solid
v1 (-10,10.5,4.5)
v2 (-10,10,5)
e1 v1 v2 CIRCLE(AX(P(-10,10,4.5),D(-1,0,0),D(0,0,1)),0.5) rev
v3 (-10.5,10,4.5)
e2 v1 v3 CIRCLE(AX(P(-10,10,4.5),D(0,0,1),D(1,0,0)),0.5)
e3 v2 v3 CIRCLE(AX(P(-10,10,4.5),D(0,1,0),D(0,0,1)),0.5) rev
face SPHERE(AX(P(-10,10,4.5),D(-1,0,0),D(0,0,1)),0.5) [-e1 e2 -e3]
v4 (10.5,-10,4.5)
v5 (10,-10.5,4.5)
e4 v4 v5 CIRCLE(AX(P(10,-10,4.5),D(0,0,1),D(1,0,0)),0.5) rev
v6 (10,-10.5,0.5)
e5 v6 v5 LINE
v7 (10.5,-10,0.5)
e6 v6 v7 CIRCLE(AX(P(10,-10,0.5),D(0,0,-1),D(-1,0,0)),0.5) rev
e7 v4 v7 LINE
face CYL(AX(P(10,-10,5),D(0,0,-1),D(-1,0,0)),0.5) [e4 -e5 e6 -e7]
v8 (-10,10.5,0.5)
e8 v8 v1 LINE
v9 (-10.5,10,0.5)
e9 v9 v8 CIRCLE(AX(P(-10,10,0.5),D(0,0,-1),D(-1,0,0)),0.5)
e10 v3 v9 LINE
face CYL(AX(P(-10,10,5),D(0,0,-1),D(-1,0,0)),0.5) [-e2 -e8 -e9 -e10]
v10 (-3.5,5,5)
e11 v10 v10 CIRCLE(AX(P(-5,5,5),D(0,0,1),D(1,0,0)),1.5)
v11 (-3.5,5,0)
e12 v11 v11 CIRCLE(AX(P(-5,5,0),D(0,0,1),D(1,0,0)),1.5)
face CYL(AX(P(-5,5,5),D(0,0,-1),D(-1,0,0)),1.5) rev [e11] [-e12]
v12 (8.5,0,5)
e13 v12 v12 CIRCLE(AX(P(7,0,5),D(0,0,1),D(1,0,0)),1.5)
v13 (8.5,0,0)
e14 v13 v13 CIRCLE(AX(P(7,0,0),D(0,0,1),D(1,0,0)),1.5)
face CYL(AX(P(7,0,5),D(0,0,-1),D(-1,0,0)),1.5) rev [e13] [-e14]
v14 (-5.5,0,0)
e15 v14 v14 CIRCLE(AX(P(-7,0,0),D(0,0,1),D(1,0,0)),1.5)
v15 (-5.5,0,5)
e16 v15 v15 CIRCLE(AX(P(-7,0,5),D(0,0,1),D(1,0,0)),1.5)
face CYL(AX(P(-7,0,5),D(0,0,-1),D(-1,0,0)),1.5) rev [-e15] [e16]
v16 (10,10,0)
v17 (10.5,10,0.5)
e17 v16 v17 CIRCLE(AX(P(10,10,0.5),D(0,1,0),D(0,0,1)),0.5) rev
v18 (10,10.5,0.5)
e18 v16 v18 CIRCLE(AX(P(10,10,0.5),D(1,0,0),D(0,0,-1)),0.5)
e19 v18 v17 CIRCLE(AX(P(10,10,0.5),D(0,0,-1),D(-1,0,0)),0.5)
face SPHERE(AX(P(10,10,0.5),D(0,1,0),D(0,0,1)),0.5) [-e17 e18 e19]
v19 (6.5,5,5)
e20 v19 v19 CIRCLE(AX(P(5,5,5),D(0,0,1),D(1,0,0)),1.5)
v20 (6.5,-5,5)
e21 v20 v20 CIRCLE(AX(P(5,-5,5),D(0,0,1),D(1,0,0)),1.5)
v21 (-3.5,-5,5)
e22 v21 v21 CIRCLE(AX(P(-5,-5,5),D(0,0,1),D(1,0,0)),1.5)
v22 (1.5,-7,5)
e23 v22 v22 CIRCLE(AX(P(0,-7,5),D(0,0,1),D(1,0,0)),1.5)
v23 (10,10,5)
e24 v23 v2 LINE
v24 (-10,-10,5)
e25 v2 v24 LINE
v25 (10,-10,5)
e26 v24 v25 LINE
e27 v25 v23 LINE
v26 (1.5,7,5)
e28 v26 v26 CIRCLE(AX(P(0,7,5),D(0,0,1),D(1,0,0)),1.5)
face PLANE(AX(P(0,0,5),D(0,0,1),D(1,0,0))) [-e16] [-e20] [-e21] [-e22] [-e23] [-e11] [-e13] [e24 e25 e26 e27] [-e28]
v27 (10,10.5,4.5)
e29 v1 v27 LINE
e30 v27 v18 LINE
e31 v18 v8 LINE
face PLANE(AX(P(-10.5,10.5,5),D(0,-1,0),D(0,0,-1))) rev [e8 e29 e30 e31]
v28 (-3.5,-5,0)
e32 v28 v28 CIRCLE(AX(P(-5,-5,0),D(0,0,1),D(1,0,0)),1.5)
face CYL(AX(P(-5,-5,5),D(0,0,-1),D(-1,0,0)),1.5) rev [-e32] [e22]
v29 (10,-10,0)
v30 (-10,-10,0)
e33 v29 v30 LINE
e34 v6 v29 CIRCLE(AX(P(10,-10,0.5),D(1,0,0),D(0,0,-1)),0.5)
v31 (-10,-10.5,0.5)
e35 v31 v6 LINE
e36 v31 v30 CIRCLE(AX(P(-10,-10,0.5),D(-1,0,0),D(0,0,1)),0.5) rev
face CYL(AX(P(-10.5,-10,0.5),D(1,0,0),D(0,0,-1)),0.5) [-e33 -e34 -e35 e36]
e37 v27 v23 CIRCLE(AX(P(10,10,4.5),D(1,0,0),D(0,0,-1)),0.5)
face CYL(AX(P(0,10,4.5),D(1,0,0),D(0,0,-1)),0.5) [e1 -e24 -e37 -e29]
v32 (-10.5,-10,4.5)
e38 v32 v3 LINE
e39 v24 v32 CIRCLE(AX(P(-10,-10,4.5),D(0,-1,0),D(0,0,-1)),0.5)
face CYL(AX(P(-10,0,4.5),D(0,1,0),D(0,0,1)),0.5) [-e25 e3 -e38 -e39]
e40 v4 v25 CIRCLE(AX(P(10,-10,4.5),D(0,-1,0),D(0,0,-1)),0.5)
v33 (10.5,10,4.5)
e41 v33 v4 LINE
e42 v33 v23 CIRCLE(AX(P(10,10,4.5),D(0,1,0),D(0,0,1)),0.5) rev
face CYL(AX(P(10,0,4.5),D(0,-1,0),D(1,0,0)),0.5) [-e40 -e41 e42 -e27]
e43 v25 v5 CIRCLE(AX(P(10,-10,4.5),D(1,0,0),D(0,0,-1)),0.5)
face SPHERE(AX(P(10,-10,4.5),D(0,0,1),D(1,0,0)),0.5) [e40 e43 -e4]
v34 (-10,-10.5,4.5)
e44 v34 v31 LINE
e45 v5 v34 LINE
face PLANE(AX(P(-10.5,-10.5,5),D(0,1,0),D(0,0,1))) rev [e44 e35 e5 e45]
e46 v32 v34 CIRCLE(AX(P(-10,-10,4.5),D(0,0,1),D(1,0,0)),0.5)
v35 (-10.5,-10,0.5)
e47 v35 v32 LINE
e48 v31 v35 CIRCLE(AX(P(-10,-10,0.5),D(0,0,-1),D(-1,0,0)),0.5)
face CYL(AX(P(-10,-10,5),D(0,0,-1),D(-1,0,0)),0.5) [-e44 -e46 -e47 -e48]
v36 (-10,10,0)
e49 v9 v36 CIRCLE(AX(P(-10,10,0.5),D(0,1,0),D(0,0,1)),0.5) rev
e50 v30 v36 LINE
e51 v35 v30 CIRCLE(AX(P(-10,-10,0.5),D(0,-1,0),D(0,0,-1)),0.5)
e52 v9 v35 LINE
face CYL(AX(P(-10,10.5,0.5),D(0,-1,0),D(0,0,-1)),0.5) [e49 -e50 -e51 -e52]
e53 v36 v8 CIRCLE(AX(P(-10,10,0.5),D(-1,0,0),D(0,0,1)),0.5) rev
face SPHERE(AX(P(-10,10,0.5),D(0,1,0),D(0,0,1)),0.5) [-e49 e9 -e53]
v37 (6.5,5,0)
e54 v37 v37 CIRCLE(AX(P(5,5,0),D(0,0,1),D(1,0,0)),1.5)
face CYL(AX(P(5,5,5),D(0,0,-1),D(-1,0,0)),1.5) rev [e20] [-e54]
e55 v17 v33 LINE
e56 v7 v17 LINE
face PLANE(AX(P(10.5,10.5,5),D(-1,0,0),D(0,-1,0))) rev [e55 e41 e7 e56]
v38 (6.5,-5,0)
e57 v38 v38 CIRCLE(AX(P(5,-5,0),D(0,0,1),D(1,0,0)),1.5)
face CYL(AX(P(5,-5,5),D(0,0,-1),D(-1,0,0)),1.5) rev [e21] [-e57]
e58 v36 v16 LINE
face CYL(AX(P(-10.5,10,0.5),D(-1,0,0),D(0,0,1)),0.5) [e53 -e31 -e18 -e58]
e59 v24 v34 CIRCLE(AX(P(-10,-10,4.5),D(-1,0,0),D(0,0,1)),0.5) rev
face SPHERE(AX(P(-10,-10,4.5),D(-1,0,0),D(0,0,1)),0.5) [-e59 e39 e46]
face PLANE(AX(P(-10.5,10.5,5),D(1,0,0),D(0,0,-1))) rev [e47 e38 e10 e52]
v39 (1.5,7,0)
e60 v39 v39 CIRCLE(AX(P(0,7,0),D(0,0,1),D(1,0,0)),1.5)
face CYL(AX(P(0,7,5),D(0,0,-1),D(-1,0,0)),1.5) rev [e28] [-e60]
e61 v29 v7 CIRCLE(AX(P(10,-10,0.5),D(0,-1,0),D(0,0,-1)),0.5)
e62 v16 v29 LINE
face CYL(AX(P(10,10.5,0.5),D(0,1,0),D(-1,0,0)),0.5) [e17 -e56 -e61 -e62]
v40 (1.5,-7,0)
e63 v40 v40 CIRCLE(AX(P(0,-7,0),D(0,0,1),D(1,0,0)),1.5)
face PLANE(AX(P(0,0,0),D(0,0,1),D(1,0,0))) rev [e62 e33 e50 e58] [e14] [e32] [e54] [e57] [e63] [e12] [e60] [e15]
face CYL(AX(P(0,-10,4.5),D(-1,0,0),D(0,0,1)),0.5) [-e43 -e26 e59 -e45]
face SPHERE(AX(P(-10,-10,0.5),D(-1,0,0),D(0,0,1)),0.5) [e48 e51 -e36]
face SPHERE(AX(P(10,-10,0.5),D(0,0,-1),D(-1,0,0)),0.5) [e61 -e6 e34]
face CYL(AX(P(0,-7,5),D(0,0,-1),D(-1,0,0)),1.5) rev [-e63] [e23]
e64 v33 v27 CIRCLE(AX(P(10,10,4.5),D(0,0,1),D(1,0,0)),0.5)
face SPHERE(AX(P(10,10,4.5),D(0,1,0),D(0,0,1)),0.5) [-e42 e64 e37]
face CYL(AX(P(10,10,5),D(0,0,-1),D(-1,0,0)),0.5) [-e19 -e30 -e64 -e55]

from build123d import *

# Parameters (mm, degrees)
SKETCH1_W           = 21
SKETCH1_H           = 21
SKETCH1_R           = 1.5
BOSS_EXTRUDE1_DEPTH = 5
FILLET1_R           = 0.5


with BuildPart() as part:
    # Sketch1 → Boss-Extrude1 (new body)
    with BuildSketch(Plane.XY):
        Rectangle(SKETCH1_W, SKETCH1_H)
        with Locations((-5.000000296, 5.000000296)):
            Circle(SKETCH1_R, mode=Mode.SUBTRACT)
        with Locations((4.999999704, 4.999999704)):
            Circle(SKETCH1_R, mode=Mode.SUBTRACT)
        with Locations((5.000000296, -5.000000296)):
            Circle(SKETCH1_R, mode=Mode.SUBTRACT)
        with Locations((-4.999999704, -4.999999704)):
            Circle(SKETCH1_R, mode=Mode.SUBTRACT)
        with Locations((0, 7)):
            Circle(SKETCH1_R, mode=Mode.SUBTRACT)
        with Locations((7, 0)):
            Circle(SKETCH1_R, mode=Mode.SUBTRACT)
        with Locations((-7, 0)):
            Circle(SKETCH1_R, mode=Mode.SUBTRACT)
        with Locations((0, -7)):
            Circle(SKETCH1_R, mode=Mode.SUBTRACT)
    extrude(amount=BOSS_EXTRUDE1_DEPTH)

    # Fillet1
    fillet1_edges = [part.edges().sort_by_distance(p)[0] for p in [
        (-10.5, 0, 5),
        (0, -10.5, 5),
        (10.5, 0, 5),
        (0, -10.5, 0),
        (-10.5, 0, 0),
        (0, 10.5, 0),
        (10.5, 0, 0),
        (10.5, -10.5, 2.5),
        (-10.5, -10.5, 2.5),
        (-10.5, 10.5, 2.5),
        (10.5, 10.5, 2.5),
        (0, 10.5, 5),
    ]]
    fillet(fillet1_edges, radius=FILLET1_R)


solid = part.part
